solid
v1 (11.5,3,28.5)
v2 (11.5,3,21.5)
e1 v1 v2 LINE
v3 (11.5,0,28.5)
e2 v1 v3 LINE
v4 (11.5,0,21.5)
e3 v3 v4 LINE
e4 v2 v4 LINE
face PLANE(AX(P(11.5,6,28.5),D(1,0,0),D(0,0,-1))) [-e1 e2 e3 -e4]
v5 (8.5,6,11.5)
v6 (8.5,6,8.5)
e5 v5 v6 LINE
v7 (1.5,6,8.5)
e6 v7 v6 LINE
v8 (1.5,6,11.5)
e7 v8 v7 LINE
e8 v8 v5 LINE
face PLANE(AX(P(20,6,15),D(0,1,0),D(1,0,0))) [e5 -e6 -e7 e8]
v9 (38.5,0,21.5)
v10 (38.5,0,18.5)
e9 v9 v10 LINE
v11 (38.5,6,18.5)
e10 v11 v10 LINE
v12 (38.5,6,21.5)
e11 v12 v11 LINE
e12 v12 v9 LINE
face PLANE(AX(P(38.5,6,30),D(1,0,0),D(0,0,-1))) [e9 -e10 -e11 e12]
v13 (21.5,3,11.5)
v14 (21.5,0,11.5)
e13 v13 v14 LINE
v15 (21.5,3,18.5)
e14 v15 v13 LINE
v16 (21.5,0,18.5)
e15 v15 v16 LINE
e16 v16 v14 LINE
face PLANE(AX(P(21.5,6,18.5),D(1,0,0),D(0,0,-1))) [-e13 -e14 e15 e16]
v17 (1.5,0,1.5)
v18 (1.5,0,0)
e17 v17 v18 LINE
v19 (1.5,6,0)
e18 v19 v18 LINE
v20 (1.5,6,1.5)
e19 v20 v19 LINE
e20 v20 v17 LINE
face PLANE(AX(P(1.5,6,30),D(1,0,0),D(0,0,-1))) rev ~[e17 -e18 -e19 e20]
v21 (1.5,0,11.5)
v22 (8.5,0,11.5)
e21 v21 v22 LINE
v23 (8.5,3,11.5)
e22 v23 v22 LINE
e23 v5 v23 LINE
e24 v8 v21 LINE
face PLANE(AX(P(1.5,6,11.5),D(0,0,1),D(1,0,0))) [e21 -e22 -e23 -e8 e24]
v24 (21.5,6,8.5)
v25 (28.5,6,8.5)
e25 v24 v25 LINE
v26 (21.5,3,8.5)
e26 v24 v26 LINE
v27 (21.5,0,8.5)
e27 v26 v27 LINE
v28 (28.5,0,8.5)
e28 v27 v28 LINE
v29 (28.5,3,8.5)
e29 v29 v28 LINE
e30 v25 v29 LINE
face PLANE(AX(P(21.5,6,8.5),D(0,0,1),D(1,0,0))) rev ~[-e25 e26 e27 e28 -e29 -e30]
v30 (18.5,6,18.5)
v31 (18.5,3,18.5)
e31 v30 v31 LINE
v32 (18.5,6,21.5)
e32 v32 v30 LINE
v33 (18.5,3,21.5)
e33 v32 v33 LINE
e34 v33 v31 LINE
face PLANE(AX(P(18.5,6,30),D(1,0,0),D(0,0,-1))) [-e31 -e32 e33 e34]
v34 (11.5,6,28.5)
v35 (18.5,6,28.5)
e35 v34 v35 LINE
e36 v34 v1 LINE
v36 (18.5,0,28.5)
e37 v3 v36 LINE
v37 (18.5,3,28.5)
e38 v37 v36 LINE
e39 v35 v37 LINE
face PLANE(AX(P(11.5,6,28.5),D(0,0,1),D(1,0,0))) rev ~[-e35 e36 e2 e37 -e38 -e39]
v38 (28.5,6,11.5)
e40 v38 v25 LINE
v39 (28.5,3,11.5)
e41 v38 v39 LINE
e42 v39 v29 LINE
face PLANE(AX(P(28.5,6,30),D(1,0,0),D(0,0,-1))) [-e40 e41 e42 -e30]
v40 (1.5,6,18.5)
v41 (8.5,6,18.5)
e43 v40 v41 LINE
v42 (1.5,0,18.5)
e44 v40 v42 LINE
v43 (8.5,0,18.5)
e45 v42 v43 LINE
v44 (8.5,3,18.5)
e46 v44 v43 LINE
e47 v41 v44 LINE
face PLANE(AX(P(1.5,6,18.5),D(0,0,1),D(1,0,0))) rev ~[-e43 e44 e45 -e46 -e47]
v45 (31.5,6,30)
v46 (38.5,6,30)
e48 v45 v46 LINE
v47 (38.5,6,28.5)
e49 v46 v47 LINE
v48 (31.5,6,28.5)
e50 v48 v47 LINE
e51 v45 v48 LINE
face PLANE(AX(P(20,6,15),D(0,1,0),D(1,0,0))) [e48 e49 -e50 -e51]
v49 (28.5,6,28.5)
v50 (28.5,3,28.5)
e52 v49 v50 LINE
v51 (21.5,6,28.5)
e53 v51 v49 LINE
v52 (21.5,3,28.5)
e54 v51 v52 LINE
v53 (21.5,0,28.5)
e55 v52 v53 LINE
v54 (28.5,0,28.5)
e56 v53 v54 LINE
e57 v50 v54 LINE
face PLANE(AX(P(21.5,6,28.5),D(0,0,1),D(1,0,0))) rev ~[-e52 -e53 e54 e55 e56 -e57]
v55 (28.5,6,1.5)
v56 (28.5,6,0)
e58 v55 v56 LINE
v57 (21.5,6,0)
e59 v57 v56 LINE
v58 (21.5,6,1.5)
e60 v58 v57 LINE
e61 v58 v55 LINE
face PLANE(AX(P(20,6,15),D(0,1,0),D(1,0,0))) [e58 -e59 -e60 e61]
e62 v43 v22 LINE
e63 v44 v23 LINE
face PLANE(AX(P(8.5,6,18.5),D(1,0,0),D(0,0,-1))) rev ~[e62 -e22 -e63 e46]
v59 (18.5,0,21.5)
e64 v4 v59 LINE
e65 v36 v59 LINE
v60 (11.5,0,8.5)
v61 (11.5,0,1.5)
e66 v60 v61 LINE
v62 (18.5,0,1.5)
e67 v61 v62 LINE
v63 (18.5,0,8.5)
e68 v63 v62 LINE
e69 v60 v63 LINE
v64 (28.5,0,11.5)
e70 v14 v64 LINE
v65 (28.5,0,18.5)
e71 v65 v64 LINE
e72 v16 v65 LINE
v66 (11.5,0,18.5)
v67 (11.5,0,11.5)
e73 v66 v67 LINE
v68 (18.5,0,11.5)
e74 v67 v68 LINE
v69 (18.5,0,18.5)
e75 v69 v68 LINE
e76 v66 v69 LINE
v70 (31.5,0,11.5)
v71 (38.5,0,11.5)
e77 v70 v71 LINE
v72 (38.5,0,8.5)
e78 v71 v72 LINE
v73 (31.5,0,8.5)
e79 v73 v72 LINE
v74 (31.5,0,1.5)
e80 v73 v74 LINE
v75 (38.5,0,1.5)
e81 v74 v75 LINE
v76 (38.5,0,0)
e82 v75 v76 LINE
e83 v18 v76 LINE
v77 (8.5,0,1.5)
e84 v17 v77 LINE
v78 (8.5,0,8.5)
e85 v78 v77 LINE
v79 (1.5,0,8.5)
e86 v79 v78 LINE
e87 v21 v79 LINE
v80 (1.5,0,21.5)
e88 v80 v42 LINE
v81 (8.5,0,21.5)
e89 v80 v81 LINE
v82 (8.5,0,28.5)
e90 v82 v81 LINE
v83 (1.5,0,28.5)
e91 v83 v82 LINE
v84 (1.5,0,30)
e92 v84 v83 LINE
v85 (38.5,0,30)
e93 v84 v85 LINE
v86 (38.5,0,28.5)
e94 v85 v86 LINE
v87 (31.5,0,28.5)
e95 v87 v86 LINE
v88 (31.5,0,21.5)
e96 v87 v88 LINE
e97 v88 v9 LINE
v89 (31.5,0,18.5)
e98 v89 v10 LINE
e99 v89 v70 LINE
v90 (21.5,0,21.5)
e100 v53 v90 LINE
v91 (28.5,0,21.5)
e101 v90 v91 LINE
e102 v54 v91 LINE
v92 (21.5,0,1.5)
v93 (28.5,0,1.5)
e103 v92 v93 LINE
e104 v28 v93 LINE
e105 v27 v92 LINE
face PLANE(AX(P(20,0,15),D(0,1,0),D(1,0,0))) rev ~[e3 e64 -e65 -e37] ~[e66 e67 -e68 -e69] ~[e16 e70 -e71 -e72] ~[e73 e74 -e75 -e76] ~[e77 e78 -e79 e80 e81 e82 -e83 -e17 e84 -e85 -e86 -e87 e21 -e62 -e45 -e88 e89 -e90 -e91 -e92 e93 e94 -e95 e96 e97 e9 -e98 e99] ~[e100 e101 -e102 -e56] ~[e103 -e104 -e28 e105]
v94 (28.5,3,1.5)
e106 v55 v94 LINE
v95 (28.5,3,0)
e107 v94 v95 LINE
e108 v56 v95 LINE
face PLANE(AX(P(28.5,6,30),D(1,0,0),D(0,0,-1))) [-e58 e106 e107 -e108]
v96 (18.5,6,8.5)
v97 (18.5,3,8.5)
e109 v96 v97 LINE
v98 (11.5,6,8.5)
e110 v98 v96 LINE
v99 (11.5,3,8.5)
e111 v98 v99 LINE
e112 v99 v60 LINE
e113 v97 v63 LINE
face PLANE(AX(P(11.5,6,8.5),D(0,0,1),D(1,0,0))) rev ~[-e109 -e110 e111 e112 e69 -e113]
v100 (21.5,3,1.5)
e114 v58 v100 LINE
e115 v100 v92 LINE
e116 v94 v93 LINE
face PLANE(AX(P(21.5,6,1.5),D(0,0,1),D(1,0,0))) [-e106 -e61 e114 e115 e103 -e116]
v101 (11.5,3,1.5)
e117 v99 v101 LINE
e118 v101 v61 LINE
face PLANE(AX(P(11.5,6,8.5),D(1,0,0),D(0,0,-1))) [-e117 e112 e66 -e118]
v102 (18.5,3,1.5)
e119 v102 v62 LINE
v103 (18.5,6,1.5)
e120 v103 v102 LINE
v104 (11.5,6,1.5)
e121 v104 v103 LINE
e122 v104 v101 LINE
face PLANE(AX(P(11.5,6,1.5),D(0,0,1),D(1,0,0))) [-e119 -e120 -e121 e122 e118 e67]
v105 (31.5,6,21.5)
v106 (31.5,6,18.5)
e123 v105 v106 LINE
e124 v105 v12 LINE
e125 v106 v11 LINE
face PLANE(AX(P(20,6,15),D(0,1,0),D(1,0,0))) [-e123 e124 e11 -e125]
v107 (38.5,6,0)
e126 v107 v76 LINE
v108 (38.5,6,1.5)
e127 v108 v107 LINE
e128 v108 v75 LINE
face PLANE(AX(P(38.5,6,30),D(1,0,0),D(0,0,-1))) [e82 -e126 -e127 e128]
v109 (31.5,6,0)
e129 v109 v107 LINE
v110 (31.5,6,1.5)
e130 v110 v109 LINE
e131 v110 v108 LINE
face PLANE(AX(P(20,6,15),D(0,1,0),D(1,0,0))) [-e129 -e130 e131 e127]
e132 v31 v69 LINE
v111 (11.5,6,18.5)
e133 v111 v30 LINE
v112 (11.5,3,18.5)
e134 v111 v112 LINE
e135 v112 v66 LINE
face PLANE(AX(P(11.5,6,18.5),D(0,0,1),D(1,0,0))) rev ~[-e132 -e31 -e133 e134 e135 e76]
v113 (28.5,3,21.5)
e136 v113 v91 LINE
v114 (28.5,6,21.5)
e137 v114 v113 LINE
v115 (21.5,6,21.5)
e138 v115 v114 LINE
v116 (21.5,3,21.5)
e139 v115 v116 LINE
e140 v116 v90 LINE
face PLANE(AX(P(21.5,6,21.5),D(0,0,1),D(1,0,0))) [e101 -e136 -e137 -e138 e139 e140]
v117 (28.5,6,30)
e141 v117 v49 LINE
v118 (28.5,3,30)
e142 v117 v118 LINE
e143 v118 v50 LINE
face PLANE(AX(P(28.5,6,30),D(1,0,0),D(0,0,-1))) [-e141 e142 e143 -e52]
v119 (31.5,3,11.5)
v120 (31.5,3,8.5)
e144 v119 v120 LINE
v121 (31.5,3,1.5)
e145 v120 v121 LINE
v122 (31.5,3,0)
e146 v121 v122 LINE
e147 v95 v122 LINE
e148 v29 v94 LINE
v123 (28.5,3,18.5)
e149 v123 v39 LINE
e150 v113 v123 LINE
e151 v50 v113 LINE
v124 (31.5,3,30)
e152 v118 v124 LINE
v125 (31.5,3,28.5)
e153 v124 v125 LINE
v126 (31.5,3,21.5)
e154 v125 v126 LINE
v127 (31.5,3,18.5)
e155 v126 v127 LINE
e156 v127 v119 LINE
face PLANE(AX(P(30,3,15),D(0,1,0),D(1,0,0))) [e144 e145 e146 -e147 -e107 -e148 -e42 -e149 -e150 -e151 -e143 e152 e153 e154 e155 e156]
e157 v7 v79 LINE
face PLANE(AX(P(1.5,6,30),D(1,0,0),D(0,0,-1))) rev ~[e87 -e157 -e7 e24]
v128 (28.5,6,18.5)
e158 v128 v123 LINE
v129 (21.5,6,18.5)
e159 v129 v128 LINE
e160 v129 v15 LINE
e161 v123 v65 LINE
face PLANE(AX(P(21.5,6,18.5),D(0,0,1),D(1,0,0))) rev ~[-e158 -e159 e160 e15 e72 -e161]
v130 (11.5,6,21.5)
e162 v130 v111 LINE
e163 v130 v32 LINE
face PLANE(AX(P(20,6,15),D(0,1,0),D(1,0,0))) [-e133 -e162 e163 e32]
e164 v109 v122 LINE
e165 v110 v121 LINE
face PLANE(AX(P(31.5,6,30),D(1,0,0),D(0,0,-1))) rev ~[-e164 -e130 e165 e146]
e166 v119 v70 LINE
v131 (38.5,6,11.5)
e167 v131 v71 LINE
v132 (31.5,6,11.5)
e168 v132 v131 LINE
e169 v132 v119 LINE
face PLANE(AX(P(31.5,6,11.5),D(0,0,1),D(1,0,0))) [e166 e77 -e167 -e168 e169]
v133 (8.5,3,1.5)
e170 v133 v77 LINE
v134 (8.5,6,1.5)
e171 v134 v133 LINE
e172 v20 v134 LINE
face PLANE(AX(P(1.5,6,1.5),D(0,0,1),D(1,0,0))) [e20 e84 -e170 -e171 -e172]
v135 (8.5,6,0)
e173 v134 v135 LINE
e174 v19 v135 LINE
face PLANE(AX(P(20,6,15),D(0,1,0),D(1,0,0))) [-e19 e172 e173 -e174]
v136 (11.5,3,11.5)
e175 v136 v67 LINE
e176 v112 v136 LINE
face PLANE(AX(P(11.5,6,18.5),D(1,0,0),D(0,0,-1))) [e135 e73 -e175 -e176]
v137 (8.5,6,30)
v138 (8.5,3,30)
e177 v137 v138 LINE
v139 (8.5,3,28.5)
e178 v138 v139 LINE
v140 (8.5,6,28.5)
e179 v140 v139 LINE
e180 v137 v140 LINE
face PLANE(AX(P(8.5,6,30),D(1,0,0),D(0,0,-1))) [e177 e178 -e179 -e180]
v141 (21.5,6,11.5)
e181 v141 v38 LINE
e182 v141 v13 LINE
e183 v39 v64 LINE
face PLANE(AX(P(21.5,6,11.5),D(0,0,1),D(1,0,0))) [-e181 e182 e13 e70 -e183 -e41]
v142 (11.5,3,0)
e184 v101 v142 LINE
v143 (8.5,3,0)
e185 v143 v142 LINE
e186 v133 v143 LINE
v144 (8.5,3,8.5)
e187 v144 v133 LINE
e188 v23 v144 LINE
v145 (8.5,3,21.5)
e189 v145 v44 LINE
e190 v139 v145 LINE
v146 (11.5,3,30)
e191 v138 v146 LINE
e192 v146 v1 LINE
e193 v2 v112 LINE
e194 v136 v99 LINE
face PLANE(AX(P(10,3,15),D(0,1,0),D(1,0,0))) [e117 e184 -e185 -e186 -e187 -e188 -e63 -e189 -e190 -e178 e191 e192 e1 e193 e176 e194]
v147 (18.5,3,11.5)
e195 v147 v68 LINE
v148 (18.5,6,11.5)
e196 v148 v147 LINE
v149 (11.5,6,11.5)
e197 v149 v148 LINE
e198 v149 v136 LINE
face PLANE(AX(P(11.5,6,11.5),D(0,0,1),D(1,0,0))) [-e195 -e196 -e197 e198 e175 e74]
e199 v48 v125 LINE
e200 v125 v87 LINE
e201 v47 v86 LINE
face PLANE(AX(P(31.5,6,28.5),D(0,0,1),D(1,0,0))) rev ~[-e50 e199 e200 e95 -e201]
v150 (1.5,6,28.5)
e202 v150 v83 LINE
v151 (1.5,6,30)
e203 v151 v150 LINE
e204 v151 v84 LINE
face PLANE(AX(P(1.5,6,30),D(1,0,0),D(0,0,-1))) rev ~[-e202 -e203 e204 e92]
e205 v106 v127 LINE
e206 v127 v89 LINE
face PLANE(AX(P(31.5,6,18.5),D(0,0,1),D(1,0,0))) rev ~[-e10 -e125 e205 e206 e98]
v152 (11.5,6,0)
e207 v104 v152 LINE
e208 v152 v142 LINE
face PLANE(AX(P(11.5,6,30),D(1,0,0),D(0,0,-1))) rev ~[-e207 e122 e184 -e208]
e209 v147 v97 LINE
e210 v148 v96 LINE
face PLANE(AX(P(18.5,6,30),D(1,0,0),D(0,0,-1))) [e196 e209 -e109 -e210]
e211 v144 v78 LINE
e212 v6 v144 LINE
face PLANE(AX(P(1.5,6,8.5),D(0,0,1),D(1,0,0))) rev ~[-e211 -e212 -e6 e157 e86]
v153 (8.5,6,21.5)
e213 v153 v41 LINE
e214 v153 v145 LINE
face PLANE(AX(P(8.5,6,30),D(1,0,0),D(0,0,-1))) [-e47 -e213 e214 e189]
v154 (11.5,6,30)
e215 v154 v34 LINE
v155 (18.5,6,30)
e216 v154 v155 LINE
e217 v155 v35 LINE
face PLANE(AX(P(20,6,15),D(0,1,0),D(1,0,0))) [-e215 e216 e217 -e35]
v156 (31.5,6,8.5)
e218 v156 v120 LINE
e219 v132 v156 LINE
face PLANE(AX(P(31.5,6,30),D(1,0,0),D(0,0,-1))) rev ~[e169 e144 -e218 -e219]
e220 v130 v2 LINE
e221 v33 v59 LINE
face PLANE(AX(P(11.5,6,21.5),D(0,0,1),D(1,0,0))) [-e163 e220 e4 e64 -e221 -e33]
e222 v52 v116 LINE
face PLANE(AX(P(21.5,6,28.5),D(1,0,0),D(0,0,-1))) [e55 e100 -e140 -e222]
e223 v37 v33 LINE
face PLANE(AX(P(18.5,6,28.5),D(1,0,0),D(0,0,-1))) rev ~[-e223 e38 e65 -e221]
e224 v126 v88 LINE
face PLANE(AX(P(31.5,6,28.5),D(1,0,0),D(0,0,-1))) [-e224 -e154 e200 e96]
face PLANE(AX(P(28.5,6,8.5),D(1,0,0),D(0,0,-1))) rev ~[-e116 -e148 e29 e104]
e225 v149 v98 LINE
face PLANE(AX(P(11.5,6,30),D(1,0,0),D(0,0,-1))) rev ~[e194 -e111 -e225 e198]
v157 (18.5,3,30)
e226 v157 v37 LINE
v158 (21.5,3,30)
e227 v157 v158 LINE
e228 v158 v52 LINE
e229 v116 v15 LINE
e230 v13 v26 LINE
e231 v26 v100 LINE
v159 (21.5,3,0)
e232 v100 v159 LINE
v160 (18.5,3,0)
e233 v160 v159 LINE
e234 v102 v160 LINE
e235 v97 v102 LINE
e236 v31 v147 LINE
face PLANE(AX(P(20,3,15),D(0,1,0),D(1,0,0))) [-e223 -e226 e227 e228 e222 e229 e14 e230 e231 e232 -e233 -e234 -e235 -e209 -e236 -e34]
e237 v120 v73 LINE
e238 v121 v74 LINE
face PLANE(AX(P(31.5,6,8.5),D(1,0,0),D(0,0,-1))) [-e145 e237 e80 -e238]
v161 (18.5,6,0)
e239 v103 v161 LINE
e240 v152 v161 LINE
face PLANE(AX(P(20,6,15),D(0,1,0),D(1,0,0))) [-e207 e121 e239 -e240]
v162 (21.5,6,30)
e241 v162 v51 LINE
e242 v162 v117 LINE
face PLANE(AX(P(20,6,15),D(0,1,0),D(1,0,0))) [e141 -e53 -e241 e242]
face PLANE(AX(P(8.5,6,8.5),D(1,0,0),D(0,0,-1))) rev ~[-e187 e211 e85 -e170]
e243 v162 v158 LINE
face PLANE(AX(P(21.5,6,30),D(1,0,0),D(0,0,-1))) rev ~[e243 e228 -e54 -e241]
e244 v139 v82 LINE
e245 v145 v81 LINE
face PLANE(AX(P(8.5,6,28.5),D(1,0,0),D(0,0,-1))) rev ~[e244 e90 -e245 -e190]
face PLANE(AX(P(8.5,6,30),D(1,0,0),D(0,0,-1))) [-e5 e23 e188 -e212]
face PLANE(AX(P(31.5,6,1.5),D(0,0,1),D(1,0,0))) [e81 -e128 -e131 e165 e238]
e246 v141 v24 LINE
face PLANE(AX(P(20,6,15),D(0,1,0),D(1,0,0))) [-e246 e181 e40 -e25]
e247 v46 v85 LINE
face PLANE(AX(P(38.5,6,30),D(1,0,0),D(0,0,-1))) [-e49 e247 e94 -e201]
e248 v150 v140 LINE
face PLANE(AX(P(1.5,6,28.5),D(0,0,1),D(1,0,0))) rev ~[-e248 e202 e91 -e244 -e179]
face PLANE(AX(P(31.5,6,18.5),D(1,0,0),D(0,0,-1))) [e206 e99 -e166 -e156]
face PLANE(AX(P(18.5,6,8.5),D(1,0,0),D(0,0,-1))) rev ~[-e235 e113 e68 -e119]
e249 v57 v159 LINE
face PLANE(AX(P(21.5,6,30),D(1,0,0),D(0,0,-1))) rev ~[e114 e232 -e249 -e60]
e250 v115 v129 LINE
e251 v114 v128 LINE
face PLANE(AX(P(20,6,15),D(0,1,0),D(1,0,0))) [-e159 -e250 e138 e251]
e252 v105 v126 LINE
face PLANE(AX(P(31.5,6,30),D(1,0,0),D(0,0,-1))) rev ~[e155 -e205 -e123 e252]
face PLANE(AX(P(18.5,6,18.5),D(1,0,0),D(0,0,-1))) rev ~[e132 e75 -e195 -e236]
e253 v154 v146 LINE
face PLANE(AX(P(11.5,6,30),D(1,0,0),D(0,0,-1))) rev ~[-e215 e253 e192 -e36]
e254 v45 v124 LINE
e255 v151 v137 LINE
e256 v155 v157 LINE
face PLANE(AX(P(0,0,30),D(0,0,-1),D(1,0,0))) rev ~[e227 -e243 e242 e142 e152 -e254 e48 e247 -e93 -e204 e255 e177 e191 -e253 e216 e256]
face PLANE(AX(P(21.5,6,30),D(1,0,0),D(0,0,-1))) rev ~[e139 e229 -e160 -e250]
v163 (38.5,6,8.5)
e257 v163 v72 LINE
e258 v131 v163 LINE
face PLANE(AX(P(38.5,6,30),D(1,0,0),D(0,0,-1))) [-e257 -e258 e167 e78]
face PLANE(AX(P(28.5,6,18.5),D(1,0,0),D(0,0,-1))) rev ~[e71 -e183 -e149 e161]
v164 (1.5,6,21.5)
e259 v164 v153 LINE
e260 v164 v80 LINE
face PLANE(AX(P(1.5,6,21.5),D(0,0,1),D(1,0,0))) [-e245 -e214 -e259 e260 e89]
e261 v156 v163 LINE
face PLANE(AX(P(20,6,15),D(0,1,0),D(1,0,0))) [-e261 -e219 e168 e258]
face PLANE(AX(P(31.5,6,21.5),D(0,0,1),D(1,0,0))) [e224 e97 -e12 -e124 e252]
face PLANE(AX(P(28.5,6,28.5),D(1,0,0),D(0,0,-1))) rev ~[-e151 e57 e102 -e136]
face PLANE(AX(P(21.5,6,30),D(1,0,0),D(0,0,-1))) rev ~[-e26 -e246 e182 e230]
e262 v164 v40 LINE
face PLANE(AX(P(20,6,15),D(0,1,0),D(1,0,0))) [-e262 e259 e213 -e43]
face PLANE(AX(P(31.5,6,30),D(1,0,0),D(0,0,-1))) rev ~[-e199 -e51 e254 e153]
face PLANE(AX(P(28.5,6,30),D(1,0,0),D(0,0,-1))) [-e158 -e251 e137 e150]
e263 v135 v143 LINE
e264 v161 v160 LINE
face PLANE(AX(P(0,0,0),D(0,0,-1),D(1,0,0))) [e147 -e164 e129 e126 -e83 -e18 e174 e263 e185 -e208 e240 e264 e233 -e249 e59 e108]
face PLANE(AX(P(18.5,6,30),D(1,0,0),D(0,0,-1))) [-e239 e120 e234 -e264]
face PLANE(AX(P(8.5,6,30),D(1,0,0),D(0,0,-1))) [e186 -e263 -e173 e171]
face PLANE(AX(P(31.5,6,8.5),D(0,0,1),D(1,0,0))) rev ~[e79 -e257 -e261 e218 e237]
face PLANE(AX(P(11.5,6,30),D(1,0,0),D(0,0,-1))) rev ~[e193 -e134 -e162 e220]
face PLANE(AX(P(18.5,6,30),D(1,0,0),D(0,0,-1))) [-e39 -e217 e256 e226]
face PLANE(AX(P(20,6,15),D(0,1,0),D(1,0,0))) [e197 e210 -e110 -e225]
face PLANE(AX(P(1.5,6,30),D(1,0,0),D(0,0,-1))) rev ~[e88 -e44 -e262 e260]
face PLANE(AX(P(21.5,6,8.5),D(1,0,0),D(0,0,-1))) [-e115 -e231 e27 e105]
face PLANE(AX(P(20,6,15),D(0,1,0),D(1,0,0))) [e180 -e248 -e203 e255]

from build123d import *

# Parameters (mm, degrees)
SKETCH6_W            = 40
SKETCH6_H            = 30
BOSS_EXTRUDE1_DEPTH  = 6
SKETCH10_W           = 7
SKETCH10_H           = 7
CUT_EXTRUDE6_DEPTH   = 51.358713248
LPATTERN3_COUNT      = 3
LPATTERN3_PITCH      = 10
LPATTERN3_COUNT_DIR2 = 4
LPATTERN3_PITCH_DIR2 = 10
SKETCH11_W           = 3
SKETCH11_H           = 30
CUT_EXTRUDE7_DEPTH   = 3
LPATTERN4_COUNT      = 3
LPATTERN4_PITCH      = 10
SKETCH12_W           = 1.5
SKETCH12_H           = 30
CUT_EXTRUDE8_DEPTH   = 51.358713248


with BuildPart() as part:
    # Sketch6 → Boss-Extrude1 (new body)
    with BuildSketch(Plane(origin=(0, 0, 0), x_dir=(1, 0, 0), z_dir=(0, 1, 0))):
        with Locations((20, -15)):
            Rectangle(SKETCH6_W, SKETCH6_H)
    extrude(amount=BOSS_EXTRUDE1_DEPTH)

    # Sketch10 → Cut-Extrude6 (cut, through all)
    with BuildSketch(Plane(origin=(0, 6, 0), x_dir=(1, 0, 0), z_dir=(0, 1, 0))):
        with Locations((5, -5)):
            Rectangle(SKETCH10_W, SKETCH10_H)
    cut_extrude6 = extrude(amount=-CUT_EXTRUDE6_DEPTH, mode=Mode.SUBTRACT)

    # LPattern3: Cut-Extrude6 3 × 4
    with Locations(*[(j * LPATTERN3_PITCH_DIR2, 0, i * LPATTERN3_PITCH) for i in range(LPATTERN3_COUNT) for j in range(LPATTERN3_COUNT_DIR2) if (i, j) != (0, 0)]):
        add(cut_extrude6, mode=Mode.SUBTRACT)

    # Sketch11 → Cut-Extrude7 (cut)
    with BuildSketch(Plane(origin=(0, 6, 0), x_dir=(1, 0, 0), z_dir=(0, 1, 0))):
        with Locations((10, -15)):
            Rectangle(SKETCH11_W, SKETCH11_H)
    cut_extrude7 = extrude(amount=-CUT_EXTRUDE7_DEPTH, mode=Mode.SUBTRACT)

    # LPattern4: Cut-Extrude7 ×3
    with Locations(*[(i * LPATTERN4_PITCH, 0, 0) for i in range(1, LPATTERN4_COUNT)]):
        add(cut_extrude7, mode=Mode.SUBTRACT)

    # Sketch12 → Cut-Extrude8 (cut, through all)
    with BuildSketch(Plane(origin=(0, 6, 0), x_dir=(1, 0, 0), z_dir=(0, 1, 0))):
        with Locations((0.75, -15)):
            Rectangle(SKETCH12_W, SKETCH12_H)
        with Locations((39.25, -15)):
            Rectangle(SKETCH12_W, SKETCH12_H)
    extrude(amount=-CUT_EXTRUDE8_DEPTH, mode=Mode.SUBTRACT)


solid = part.part
